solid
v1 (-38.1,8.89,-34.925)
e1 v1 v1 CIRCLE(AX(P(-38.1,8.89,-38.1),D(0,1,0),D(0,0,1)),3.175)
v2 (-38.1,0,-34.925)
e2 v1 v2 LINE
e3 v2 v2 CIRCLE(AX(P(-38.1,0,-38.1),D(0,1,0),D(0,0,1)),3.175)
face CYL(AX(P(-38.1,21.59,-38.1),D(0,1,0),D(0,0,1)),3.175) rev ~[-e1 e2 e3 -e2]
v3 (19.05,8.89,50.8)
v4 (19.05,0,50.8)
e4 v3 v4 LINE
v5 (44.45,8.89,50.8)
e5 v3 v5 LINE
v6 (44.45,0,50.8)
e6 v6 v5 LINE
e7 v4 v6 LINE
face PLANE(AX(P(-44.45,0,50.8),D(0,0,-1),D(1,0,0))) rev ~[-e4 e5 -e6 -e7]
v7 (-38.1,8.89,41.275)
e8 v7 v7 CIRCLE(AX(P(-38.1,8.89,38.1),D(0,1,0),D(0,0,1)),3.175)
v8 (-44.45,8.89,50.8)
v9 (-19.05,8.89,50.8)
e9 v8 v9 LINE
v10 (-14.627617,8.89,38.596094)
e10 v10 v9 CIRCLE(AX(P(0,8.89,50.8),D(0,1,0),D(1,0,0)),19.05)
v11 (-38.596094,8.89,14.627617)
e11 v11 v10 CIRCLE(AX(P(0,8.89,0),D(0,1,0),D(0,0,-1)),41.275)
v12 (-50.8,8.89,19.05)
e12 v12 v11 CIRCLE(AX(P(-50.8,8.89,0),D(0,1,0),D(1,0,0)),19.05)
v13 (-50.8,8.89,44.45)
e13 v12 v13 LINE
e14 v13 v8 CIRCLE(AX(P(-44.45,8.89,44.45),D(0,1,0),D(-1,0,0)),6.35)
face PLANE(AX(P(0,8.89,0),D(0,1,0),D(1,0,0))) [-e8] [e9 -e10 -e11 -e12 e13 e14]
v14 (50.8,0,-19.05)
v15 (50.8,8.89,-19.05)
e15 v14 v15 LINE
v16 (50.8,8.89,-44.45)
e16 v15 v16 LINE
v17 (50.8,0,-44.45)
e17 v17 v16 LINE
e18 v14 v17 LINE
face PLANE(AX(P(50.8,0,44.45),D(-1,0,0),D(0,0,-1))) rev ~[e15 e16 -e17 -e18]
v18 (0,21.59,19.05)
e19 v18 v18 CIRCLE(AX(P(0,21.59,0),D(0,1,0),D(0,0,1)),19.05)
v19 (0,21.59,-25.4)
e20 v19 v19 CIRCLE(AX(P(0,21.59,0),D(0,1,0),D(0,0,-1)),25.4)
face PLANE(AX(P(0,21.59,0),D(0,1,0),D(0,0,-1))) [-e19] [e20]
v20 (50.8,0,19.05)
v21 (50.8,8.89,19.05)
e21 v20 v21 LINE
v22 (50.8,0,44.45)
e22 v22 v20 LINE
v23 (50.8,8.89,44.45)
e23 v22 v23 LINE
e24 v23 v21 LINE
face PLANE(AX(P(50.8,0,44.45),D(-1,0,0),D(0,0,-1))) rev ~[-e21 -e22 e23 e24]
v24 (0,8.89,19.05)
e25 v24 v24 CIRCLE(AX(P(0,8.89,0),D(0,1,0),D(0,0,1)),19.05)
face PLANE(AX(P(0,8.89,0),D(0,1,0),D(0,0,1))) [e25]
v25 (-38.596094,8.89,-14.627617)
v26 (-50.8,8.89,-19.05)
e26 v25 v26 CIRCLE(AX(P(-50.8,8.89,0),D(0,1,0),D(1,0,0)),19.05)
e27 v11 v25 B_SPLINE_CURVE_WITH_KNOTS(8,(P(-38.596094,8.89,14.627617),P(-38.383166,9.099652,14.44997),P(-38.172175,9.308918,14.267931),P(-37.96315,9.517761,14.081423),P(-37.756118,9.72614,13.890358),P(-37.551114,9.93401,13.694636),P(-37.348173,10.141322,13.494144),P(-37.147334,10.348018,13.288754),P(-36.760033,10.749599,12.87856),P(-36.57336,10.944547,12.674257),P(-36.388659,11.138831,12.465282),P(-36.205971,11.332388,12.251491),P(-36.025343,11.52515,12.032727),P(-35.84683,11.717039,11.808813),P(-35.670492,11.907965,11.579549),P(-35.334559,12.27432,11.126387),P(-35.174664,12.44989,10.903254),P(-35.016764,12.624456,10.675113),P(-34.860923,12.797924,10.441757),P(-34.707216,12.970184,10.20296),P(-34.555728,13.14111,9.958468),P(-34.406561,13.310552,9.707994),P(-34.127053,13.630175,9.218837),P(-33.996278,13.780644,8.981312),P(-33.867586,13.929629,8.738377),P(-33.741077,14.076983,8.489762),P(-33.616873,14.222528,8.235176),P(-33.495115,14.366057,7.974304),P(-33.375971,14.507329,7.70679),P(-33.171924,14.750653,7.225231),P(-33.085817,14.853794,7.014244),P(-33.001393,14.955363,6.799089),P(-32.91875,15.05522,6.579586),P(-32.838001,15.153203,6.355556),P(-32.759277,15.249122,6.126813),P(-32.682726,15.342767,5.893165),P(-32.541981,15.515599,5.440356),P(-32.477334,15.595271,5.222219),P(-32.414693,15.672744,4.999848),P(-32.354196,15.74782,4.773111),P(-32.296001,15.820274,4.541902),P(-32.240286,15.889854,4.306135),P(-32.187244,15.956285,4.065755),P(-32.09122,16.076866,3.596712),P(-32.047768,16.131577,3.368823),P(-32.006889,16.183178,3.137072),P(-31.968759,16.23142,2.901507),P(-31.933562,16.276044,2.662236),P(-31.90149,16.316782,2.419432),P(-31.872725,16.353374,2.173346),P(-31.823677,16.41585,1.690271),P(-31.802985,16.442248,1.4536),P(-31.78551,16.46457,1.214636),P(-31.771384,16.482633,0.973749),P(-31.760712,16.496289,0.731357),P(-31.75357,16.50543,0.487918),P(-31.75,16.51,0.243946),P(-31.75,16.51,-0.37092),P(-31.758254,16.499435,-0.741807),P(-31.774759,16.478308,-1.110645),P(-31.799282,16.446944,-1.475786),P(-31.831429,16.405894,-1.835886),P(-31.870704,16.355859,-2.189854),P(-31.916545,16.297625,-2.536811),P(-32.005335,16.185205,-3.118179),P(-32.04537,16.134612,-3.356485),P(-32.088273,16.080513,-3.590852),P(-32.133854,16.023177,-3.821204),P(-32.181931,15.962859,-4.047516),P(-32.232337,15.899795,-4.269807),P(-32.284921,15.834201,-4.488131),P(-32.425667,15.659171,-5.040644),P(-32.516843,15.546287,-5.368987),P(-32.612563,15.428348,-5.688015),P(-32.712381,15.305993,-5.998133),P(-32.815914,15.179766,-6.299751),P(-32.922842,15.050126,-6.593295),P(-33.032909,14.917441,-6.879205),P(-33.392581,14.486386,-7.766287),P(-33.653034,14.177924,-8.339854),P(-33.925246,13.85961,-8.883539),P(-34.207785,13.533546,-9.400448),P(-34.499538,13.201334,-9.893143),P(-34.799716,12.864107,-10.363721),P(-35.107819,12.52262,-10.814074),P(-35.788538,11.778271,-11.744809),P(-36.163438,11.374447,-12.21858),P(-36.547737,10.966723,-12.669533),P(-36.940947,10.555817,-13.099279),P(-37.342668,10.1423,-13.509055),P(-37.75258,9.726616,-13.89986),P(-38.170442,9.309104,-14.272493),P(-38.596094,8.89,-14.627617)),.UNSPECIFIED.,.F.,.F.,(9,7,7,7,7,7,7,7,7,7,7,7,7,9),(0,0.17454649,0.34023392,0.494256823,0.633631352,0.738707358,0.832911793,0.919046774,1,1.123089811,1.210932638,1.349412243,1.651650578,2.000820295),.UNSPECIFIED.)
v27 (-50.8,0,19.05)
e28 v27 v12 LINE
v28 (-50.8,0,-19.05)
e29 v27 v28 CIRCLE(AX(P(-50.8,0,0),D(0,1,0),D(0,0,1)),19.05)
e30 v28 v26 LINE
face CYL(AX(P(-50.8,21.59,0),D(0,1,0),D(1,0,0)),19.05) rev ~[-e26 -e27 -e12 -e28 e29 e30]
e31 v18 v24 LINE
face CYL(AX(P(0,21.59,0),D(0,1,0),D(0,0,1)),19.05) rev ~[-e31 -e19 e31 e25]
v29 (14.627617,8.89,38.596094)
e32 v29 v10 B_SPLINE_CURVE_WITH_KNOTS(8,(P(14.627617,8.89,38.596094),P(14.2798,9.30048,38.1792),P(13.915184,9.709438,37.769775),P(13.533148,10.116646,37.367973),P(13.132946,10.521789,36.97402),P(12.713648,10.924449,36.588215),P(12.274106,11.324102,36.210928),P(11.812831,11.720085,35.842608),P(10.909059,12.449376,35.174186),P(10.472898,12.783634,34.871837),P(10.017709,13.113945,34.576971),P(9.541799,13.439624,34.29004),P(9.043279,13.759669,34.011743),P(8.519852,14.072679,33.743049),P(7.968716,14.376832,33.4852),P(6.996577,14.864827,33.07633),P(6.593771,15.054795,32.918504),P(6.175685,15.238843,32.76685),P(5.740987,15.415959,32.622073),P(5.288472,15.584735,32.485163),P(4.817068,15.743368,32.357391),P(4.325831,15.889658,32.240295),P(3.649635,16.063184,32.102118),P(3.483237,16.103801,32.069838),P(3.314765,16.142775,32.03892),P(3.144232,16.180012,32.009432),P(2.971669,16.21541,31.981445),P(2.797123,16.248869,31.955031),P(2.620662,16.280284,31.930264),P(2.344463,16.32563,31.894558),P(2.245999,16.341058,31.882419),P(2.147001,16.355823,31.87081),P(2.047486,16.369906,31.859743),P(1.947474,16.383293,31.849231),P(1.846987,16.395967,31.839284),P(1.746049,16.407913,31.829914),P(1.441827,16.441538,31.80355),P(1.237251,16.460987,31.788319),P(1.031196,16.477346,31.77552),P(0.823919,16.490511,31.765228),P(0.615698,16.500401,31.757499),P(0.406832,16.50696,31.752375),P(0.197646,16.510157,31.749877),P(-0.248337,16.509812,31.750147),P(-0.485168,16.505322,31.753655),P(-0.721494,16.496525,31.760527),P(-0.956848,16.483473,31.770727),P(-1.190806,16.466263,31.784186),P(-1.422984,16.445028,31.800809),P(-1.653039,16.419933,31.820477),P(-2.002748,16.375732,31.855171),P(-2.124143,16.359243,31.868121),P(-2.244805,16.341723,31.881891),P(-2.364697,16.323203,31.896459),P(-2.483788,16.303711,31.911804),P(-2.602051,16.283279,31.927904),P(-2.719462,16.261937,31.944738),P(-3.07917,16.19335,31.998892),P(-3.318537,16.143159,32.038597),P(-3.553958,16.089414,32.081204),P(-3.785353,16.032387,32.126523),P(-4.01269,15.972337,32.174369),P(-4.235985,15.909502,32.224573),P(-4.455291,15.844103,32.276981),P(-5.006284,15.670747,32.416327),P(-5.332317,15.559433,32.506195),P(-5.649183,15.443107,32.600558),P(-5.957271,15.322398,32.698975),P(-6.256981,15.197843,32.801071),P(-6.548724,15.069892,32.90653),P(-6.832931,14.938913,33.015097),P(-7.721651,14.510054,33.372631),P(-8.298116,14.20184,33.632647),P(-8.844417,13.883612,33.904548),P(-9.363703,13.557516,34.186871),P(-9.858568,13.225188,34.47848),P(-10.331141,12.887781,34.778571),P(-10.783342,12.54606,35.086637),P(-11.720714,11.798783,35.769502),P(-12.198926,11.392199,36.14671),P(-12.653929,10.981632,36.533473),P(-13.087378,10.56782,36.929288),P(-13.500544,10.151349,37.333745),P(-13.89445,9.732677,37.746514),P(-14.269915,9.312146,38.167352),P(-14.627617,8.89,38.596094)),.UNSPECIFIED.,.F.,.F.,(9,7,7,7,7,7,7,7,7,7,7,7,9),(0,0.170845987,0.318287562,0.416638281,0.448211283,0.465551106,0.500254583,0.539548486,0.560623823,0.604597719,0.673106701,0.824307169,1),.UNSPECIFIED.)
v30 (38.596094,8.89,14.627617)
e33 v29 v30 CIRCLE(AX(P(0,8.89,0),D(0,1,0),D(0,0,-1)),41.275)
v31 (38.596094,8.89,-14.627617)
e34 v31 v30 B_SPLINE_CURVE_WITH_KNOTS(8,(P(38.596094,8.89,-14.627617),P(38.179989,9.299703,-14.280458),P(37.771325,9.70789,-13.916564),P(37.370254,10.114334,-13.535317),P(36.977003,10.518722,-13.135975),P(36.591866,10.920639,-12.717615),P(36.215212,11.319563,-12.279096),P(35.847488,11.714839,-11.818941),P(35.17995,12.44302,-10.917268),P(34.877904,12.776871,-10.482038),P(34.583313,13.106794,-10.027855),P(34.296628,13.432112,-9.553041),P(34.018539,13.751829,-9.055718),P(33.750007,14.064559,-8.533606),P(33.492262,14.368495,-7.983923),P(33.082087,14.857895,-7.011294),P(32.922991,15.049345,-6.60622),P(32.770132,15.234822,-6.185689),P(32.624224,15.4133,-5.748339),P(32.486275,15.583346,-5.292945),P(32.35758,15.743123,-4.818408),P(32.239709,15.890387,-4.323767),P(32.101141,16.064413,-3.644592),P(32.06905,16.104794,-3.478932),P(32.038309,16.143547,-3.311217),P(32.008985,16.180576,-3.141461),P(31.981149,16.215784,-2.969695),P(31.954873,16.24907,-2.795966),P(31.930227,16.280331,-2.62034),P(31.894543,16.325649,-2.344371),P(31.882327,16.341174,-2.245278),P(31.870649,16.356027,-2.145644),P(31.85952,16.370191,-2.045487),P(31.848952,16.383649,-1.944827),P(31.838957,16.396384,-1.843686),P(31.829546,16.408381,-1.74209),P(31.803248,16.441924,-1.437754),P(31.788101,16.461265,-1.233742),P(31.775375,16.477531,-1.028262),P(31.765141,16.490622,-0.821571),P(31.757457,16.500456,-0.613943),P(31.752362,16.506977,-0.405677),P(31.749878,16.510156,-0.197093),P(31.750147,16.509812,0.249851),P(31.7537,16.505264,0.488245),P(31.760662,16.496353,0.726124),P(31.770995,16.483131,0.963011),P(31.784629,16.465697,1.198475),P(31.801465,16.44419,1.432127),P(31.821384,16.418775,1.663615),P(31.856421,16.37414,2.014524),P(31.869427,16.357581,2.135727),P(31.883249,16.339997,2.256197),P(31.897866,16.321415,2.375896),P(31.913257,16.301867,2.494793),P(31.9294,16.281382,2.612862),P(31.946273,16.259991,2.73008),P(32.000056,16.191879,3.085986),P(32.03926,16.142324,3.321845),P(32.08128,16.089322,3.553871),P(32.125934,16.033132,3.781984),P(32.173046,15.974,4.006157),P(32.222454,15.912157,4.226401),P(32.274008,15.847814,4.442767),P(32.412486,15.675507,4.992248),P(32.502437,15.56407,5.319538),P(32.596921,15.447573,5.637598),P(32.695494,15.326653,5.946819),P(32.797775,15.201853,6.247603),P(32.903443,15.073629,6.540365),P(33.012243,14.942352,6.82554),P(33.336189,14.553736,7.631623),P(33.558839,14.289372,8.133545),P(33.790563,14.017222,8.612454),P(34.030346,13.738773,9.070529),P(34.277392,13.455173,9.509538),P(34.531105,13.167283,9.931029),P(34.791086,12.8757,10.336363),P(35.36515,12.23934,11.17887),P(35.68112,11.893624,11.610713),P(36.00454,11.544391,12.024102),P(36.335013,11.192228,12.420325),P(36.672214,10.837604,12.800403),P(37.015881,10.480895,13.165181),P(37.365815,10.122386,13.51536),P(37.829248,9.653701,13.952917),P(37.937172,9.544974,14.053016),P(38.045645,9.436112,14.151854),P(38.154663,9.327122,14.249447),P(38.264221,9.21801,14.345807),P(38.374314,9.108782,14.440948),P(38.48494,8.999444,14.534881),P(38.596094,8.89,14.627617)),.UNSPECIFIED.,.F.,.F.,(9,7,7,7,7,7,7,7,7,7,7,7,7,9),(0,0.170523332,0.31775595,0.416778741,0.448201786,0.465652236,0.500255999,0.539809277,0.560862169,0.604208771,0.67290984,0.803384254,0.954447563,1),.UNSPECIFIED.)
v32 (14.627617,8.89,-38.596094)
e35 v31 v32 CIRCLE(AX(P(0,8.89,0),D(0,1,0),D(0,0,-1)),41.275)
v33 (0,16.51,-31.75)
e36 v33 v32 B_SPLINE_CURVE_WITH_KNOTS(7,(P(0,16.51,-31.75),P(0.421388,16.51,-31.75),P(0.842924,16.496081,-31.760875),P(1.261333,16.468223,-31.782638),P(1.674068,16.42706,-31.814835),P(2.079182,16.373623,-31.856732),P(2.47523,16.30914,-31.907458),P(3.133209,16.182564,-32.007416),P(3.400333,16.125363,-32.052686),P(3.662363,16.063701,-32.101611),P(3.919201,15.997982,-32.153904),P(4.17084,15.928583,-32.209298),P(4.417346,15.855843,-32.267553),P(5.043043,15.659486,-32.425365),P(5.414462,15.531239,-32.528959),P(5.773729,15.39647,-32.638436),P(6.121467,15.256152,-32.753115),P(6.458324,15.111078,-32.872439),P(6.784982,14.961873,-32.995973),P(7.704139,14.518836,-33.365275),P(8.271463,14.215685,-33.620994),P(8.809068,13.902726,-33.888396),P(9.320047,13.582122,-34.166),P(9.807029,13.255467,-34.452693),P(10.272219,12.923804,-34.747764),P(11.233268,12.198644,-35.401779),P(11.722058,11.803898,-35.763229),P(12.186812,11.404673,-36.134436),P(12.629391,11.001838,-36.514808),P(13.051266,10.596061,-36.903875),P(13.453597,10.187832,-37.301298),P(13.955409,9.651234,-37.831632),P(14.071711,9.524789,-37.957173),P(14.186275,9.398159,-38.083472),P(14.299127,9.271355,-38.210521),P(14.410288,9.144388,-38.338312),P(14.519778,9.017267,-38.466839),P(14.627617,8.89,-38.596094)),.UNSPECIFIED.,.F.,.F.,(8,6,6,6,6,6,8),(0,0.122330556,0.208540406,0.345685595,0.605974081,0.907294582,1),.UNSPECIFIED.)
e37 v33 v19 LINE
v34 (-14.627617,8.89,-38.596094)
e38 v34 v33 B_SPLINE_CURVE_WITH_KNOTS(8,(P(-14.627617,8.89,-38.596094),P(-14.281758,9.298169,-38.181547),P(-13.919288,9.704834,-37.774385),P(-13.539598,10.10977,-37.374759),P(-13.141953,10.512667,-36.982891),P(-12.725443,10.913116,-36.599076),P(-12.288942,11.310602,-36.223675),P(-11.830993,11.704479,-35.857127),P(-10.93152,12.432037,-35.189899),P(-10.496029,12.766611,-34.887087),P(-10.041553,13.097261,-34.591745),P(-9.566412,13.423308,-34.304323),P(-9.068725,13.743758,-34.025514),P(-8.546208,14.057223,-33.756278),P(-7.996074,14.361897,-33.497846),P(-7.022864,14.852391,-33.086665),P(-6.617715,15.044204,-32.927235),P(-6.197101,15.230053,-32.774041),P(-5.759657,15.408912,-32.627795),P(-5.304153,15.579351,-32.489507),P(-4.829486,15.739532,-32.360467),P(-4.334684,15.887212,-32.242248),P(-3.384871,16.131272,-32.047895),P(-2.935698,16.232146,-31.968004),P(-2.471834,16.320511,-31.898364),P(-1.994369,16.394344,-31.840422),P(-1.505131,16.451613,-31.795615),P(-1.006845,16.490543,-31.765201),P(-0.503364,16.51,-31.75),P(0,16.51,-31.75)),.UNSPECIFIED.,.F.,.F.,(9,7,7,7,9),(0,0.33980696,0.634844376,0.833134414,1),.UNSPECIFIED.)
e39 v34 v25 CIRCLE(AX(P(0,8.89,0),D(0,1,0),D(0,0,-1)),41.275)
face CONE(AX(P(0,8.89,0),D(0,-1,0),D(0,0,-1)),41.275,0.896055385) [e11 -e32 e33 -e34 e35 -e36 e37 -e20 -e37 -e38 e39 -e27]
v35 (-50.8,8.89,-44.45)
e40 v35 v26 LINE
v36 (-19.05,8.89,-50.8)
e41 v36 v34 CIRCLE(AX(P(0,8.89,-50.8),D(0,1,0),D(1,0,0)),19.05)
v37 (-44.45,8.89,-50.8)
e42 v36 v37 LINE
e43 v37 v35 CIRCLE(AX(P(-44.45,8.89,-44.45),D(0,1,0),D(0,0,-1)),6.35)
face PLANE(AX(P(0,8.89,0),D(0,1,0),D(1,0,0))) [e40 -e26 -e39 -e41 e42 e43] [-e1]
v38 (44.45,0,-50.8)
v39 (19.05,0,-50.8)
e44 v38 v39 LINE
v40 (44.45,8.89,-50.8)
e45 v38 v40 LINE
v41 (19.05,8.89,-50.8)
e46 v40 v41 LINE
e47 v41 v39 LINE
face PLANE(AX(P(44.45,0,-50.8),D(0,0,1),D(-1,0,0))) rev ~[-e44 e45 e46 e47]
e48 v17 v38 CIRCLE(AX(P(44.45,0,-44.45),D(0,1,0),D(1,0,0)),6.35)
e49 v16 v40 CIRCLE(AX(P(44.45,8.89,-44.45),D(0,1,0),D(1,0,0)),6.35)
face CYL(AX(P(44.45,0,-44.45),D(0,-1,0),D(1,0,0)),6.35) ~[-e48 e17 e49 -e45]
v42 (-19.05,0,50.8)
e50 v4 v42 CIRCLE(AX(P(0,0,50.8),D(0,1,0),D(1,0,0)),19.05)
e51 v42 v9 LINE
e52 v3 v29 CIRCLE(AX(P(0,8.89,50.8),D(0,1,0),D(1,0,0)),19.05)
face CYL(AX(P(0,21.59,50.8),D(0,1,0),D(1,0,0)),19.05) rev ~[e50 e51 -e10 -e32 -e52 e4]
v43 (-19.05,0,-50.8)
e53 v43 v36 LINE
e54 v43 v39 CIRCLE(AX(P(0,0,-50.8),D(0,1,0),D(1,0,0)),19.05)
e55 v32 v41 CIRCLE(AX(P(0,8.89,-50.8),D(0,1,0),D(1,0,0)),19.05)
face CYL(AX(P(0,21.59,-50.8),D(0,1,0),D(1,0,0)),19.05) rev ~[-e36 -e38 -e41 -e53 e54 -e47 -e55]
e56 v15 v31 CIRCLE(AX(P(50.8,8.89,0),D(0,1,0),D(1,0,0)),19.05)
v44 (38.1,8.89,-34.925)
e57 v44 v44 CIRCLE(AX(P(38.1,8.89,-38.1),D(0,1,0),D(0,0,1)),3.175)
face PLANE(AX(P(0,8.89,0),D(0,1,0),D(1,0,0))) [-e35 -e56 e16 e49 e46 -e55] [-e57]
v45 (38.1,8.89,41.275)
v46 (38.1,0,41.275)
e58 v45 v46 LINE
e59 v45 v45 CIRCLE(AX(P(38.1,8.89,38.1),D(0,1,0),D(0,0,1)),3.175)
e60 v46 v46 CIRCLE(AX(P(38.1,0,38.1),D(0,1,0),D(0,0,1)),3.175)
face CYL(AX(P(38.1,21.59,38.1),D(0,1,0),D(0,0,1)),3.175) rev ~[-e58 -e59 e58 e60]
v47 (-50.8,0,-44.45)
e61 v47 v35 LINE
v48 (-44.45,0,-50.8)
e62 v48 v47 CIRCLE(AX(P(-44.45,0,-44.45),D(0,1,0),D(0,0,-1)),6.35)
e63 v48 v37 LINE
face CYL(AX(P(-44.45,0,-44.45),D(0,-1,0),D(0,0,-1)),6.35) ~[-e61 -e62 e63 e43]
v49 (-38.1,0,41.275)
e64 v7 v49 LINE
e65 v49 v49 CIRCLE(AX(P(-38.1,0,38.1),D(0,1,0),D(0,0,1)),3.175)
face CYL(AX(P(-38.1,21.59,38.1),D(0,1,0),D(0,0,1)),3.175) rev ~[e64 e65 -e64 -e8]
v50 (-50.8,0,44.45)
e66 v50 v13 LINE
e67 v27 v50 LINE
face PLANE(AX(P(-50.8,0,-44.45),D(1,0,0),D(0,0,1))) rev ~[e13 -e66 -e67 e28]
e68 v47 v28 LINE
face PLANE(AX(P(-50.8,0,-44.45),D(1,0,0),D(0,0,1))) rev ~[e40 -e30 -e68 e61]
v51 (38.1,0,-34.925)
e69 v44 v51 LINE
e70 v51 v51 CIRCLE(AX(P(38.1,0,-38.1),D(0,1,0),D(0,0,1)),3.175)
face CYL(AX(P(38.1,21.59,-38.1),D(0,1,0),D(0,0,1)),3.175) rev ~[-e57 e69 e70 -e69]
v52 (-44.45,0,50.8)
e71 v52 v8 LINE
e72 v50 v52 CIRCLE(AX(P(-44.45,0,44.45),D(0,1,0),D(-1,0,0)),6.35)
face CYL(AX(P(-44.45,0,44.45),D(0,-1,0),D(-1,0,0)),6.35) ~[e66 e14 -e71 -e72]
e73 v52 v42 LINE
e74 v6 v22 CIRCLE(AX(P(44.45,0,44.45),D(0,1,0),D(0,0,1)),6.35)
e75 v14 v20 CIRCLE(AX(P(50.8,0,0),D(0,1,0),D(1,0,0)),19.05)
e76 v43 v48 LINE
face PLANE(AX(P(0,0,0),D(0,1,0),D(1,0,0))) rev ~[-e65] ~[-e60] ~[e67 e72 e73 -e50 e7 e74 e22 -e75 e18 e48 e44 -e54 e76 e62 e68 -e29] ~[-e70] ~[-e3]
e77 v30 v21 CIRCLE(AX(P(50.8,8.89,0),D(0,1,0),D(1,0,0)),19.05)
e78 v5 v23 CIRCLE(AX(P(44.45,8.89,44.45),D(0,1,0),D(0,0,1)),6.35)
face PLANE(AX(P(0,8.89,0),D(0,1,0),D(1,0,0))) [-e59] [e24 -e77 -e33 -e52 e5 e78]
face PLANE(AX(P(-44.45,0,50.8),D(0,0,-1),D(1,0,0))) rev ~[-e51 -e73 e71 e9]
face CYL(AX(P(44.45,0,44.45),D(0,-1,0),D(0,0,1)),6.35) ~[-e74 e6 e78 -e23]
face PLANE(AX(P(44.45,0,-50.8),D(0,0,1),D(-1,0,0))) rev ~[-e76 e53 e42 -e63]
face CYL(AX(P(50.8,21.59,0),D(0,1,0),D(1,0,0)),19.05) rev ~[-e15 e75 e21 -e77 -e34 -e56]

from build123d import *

# Parameters (mm, degrees)
BOSS_EXTRUDE1_DEPTH = 8.89
SKETCH3_R           = 19.05
SKETCH3_R_2         = 3.175
CUT_EXTRUDE1_DEPTH  = 76.016052282
SKETCH3_3_R         = 19.05
CUT_EXTRUDE2_DEPTH  = 12.7


with BuildPart() as part:
    # Sketch1 → Boss-Extrude1 (new body)
    with BuildSketch(Plane(origin=(0, 0, 0), x_dir=(1, 0, 0), z_dir=(0, 1, 0))):
        with BuildLine():
            Line((-44.45, -50.8), (44.45, -50.8))
            ThreePointArc((44.45, -50.8), (48.940128061, -48.940128061), (50.8, -44.45))
            Line((50.8, -44.45), (50.8, 44.45))
            ThreePointArc((50.8, 44.45), (48.940128061, 48.940128061), (44.45, 50.8))
            Line((44.45, 50.8), (-44.45, 50.8))
            ThreePointArc((-44.45, 50.8), (-48.940128061, 48.940128061), (-50.8, 44.45))
            Line((-50.8, 44.45), (-50.8, -44.45))
            ThreePointArc((-50.8, -44.45), (-48.940128061, -48.940128061), (-44.45, -50.8))
        make_face()
    extrude(amount=BOSS_EXTRUDE1_DEPTH)

    # Sketch2 → Revolve1 (revolve)
    with BuildSketch(Plane.XY, mode=Mode.PRIVATE) as revolve1_sk:
        Polygon((0, 21.59), (0, 8.89), (41.275, 8.89), (25.4, 21.59), align=None)
    revolve(revolve1_sk.sketch.rotate(Axis((0, -26.658191996, 0), (0, 1, 0)), 90), axis=Axis((0, -26.658191996, 0), (0, 1, 0)))

    # Sketch3 → Cut-Extrude1 (cut, through all)
    with BuildSketch(Plane(origin=(0, 21.59, 0), x_dir=(1, 0, 0), z_dir=(0, 1, 0))):
        with Locations((-50.8, 0)):
            Circle(SKETCH3_R)
        with Locations((0, 50.8)):
            Circle(SKETCH3_R)
        with Locations((0, -50.8)):
            Circle(SKETCH3_R)
        with Locations((50.8, 0)):
            Circle(SKETCH3_R)
        with Locations(Location((38.1, -38.1, 0), (0, 0, 270))):
            Circle(SKETCH3_R_2)
        with Locations(Location((38.1, 38.1, 0), (0, 0, 270))):
            Circle(SKETCH3_R_2)
        with Locations(Location((-38.1, 38.1, 0), (0, 0, 270))):
            Circle(SKETCH3_R_2)
        with Locations(Location((-38.1, -38.1, 0), (0, 0, 270))):
            Circle(SKETCH3_R_2)
    extrude(amount=-CUT_EXTRUDE1_DEPTH, mode=Mode.SUBTRACT)

    # Sketch3<3> → Cut-Extrude2 (cut)
    with BuildSketch(Plane(origin=(0, 21.59, 0), x_dir=(1, 0, 0), z_dir=(0, 1, 0))):
        with Locations(Location((0, 0, 0), (0, 0, 270))):
            Circle(SKETCH3_3_R)
    extrude(amount=-CUT_EXTRUDE2_DEPTH, mode=Mode.SUBTRACT)


solid = part.part
